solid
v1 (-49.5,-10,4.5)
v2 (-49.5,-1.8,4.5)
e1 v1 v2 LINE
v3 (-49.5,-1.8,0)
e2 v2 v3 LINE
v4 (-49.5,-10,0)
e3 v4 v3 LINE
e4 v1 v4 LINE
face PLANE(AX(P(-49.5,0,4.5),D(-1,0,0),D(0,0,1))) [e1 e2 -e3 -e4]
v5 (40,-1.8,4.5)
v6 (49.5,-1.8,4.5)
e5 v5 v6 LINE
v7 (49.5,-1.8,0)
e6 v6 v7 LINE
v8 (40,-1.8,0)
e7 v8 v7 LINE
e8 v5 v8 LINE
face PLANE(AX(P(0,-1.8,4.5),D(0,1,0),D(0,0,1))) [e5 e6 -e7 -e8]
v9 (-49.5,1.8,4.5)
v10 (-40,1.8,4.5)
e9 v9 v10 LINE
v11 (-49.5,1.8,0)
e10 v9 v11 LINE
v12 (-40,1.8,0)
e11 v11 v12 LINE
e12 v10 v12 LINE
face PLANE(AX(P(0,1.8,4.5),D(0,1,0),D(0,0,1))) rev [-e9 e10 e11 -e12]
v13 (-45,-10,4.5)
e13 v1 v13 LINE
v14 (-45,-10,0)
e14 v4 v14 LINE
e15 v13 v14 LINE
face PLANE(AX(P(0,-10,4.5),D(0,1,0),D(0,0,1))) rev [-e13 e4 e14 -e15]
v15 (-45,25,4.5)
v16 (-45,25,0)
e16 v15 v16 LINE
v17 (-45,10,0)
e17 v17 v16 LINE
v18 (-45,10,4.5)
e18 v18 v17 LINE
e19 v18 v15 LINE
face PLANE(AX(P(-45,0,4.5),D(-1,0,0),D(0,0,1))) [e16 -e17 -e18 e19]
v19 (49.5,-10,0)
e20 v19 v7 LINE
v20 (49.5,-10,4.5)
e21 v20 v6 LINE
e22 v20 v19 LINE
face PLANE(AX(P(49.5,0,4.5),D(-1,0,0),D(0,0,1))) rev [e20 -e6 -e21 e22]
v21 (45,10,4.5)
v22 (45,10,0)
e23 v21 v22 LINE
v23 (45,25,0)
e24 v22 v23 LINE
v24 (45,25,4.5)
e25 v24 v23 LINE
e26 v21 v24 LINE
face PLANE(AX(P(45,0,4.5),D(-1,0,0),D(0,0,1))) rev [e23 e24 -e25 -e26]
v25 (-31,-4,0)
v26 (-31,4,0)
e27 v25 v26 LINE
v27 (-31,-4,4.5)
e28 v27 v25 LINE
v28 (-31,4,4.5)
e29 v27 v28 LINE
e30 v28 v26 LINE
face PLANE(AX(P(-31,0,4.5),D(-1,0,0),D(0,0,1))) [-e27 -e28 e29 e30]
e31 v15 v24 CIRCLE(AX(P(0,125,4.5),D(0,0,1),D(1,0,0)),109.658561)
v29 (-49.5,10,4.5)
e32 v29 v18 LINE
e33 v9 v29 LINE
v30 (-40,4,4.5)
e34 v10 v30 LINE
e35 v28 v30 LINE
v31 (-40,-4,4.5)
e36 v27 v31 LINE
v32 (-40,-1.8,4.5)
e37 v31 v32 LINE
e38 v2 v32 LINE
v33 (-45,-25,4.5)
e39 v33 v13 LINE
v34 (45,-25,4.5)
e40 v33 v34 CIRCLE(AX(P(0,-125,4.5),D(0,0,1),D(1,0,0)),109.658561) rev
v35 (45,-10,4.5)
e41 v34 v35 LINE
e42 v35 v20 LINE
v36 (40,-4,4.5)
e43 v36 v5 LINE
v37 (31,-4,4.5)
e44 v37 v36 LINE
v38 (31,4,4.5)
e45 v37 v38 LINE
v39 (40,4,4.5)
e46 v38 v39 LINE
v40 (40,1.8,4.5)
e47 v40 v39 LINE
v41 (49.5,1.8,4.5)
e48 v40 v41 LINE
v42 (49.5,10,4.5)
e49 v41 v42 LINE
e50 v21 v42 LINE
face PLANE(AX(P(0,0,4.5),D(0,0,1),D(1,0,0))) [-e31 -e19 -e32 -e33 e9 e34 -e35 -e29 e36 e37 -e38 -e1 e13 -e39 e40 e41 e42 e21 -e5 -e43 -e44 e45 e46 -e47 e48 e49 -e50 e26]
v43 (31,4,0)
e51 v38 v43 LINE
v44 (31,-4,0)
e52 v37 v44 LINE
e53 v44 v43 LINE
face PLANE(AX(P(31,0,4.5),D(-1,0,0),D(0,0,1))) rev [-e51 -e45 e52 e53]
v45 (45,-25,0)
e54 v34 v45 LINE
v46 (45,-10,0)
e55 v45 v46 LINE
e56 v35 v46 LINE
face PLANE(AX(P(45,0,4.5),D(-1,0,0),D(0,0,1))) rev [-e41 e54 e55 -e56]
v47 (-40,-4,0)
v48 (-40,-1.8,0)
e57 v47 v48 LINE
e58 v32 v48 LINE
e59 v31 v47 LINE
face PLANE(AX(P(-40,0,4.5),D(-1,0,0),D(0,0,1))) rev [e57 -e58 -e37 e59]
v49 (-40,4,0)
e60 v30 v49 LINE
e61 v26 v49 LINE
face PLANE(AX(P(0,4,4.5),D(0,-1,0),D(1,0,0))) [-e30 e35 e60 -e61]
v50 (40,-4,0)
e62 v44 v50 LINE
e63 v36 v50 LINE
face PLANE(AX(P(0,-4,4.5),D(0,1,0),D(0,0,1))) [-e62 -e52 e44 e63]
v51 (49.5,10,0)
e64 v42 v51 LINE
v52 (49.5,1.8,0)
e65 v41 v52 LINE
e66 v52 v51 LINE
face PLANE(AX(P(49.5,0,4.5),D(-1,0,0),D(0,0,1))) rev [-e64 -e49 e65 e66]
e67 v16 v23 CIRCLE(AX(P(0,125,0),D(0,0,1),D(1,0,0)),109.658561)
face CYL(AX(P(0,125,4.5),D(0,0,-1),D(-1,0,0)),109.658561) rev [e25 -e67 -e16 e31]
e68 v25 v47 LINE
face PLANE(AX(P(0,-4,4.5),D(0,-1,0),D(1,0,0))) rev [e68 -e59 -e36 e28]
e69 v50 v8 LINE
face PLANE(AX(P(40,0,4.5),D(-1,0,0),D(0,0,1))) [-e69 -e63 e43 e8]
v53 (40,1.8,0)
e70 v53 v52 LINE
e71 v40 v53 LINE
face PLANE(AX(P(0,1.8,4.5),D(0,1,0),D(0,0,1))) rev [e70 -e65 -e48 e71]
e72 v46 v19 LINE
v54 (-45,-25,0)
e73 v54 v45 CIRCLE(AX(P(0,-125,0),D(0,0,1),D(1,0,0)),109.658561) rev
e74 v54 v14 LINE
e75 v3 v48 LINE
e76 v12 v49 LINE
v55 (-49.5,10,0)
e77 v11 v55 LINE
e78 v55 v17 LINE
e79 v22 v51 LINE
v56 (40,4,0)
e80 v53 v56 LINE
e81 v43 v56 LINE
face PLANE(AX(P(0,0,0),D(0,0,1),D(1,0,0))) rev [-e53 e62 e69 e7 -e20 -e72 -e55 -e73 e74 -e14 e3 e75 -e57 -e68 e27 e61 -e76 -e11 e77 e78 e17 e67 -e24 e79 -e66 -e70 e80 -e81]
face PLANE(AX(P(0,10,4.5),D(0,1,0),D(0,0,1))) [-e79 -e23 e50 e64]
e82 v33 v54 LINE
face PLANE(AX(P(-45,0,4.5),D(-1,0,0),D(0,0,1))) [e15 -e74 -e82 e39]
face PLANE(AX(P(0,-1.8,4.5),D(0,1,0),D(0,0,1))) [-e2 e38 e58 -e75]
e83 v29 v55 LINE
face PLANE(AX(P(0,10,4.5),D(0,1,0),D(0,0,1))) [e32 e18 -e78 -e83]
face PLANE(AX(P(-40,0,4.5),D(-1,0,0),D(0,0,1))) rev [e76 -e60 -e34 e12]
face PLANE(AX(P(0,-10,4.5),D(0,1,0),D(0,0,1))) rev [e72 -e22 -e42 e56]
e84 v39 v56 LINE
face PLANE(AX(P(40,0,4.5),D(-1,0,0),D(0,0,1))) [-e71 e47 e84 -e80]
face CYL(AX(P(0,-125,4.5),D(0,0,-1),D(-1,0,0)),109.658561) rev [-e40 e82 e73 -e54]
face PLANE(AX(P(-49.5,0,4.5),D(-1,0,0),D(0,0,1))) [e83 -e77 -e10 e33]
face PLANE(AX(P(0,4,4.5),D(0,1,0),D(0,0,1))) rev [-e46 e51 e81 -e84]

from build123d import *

# Parameters (mm, degrees)
BOSS_EXTRUDE1_DEPTH = 4.5


with BuildPart() as part:
    # Sketch1 → Boss-Extrude1 (new body)
    with BuildSketch(Plane.XY):
        with BuildLine():
            Line((-49.5, -1.8), (-49.5, -10))
            Line((-49.5, -10), (-45, -10))
            Line((-45, -10), (-45, -25))
            ThreePointArc((-45, -25), (0, -15.341439003), (45, -25))
            Line((45, -25), (45, -10))
            Line((45, -10), (49.5, -10))
            Line((49.5, -10), (49.5, -1.8))
            Line((49.5, -1.8), (40, -1.8))
            Line((40, -1.8), (40, -4))
            Line((40, -4), (31, -4))
            Line((31, -4), (31, 4))
            Line((31, 4), (40, 4))
            Line((40, 4), (40, 1.8))
            Line((40, 1.8), (49.5, 1.8))
            Line((49.5, 1.8), (49.5, 10))
            Line((49.5, 10), (45, 10))
            Line((45, 10), (45, 25))
            ThreePointArc((45, 25), (0, 15.341439003), (-45, 25))
            Line((-45, 25), (-45, 10))
            Line((-45, 10), (-49.5, 10))
            Line((-49.5, 10), (-49.5, 1.8))
            Line((-49.5, 1.8), (-40, 1.8))
            Line((-40, 1.8), (-40, 4))
            Line((-40, 4), (-31, 4))
            Line((-31, 4), (-31, -4))
            Line((-31, -4), (-40, -4))
            Line((-40, -4), (-40, -1.8))
            Line((-40, -1.8), (-49.5, -1.8))
        make_face()
    extrude(amount=BOSS_EXTRUDE1_DEPTH)


solid = part.part
